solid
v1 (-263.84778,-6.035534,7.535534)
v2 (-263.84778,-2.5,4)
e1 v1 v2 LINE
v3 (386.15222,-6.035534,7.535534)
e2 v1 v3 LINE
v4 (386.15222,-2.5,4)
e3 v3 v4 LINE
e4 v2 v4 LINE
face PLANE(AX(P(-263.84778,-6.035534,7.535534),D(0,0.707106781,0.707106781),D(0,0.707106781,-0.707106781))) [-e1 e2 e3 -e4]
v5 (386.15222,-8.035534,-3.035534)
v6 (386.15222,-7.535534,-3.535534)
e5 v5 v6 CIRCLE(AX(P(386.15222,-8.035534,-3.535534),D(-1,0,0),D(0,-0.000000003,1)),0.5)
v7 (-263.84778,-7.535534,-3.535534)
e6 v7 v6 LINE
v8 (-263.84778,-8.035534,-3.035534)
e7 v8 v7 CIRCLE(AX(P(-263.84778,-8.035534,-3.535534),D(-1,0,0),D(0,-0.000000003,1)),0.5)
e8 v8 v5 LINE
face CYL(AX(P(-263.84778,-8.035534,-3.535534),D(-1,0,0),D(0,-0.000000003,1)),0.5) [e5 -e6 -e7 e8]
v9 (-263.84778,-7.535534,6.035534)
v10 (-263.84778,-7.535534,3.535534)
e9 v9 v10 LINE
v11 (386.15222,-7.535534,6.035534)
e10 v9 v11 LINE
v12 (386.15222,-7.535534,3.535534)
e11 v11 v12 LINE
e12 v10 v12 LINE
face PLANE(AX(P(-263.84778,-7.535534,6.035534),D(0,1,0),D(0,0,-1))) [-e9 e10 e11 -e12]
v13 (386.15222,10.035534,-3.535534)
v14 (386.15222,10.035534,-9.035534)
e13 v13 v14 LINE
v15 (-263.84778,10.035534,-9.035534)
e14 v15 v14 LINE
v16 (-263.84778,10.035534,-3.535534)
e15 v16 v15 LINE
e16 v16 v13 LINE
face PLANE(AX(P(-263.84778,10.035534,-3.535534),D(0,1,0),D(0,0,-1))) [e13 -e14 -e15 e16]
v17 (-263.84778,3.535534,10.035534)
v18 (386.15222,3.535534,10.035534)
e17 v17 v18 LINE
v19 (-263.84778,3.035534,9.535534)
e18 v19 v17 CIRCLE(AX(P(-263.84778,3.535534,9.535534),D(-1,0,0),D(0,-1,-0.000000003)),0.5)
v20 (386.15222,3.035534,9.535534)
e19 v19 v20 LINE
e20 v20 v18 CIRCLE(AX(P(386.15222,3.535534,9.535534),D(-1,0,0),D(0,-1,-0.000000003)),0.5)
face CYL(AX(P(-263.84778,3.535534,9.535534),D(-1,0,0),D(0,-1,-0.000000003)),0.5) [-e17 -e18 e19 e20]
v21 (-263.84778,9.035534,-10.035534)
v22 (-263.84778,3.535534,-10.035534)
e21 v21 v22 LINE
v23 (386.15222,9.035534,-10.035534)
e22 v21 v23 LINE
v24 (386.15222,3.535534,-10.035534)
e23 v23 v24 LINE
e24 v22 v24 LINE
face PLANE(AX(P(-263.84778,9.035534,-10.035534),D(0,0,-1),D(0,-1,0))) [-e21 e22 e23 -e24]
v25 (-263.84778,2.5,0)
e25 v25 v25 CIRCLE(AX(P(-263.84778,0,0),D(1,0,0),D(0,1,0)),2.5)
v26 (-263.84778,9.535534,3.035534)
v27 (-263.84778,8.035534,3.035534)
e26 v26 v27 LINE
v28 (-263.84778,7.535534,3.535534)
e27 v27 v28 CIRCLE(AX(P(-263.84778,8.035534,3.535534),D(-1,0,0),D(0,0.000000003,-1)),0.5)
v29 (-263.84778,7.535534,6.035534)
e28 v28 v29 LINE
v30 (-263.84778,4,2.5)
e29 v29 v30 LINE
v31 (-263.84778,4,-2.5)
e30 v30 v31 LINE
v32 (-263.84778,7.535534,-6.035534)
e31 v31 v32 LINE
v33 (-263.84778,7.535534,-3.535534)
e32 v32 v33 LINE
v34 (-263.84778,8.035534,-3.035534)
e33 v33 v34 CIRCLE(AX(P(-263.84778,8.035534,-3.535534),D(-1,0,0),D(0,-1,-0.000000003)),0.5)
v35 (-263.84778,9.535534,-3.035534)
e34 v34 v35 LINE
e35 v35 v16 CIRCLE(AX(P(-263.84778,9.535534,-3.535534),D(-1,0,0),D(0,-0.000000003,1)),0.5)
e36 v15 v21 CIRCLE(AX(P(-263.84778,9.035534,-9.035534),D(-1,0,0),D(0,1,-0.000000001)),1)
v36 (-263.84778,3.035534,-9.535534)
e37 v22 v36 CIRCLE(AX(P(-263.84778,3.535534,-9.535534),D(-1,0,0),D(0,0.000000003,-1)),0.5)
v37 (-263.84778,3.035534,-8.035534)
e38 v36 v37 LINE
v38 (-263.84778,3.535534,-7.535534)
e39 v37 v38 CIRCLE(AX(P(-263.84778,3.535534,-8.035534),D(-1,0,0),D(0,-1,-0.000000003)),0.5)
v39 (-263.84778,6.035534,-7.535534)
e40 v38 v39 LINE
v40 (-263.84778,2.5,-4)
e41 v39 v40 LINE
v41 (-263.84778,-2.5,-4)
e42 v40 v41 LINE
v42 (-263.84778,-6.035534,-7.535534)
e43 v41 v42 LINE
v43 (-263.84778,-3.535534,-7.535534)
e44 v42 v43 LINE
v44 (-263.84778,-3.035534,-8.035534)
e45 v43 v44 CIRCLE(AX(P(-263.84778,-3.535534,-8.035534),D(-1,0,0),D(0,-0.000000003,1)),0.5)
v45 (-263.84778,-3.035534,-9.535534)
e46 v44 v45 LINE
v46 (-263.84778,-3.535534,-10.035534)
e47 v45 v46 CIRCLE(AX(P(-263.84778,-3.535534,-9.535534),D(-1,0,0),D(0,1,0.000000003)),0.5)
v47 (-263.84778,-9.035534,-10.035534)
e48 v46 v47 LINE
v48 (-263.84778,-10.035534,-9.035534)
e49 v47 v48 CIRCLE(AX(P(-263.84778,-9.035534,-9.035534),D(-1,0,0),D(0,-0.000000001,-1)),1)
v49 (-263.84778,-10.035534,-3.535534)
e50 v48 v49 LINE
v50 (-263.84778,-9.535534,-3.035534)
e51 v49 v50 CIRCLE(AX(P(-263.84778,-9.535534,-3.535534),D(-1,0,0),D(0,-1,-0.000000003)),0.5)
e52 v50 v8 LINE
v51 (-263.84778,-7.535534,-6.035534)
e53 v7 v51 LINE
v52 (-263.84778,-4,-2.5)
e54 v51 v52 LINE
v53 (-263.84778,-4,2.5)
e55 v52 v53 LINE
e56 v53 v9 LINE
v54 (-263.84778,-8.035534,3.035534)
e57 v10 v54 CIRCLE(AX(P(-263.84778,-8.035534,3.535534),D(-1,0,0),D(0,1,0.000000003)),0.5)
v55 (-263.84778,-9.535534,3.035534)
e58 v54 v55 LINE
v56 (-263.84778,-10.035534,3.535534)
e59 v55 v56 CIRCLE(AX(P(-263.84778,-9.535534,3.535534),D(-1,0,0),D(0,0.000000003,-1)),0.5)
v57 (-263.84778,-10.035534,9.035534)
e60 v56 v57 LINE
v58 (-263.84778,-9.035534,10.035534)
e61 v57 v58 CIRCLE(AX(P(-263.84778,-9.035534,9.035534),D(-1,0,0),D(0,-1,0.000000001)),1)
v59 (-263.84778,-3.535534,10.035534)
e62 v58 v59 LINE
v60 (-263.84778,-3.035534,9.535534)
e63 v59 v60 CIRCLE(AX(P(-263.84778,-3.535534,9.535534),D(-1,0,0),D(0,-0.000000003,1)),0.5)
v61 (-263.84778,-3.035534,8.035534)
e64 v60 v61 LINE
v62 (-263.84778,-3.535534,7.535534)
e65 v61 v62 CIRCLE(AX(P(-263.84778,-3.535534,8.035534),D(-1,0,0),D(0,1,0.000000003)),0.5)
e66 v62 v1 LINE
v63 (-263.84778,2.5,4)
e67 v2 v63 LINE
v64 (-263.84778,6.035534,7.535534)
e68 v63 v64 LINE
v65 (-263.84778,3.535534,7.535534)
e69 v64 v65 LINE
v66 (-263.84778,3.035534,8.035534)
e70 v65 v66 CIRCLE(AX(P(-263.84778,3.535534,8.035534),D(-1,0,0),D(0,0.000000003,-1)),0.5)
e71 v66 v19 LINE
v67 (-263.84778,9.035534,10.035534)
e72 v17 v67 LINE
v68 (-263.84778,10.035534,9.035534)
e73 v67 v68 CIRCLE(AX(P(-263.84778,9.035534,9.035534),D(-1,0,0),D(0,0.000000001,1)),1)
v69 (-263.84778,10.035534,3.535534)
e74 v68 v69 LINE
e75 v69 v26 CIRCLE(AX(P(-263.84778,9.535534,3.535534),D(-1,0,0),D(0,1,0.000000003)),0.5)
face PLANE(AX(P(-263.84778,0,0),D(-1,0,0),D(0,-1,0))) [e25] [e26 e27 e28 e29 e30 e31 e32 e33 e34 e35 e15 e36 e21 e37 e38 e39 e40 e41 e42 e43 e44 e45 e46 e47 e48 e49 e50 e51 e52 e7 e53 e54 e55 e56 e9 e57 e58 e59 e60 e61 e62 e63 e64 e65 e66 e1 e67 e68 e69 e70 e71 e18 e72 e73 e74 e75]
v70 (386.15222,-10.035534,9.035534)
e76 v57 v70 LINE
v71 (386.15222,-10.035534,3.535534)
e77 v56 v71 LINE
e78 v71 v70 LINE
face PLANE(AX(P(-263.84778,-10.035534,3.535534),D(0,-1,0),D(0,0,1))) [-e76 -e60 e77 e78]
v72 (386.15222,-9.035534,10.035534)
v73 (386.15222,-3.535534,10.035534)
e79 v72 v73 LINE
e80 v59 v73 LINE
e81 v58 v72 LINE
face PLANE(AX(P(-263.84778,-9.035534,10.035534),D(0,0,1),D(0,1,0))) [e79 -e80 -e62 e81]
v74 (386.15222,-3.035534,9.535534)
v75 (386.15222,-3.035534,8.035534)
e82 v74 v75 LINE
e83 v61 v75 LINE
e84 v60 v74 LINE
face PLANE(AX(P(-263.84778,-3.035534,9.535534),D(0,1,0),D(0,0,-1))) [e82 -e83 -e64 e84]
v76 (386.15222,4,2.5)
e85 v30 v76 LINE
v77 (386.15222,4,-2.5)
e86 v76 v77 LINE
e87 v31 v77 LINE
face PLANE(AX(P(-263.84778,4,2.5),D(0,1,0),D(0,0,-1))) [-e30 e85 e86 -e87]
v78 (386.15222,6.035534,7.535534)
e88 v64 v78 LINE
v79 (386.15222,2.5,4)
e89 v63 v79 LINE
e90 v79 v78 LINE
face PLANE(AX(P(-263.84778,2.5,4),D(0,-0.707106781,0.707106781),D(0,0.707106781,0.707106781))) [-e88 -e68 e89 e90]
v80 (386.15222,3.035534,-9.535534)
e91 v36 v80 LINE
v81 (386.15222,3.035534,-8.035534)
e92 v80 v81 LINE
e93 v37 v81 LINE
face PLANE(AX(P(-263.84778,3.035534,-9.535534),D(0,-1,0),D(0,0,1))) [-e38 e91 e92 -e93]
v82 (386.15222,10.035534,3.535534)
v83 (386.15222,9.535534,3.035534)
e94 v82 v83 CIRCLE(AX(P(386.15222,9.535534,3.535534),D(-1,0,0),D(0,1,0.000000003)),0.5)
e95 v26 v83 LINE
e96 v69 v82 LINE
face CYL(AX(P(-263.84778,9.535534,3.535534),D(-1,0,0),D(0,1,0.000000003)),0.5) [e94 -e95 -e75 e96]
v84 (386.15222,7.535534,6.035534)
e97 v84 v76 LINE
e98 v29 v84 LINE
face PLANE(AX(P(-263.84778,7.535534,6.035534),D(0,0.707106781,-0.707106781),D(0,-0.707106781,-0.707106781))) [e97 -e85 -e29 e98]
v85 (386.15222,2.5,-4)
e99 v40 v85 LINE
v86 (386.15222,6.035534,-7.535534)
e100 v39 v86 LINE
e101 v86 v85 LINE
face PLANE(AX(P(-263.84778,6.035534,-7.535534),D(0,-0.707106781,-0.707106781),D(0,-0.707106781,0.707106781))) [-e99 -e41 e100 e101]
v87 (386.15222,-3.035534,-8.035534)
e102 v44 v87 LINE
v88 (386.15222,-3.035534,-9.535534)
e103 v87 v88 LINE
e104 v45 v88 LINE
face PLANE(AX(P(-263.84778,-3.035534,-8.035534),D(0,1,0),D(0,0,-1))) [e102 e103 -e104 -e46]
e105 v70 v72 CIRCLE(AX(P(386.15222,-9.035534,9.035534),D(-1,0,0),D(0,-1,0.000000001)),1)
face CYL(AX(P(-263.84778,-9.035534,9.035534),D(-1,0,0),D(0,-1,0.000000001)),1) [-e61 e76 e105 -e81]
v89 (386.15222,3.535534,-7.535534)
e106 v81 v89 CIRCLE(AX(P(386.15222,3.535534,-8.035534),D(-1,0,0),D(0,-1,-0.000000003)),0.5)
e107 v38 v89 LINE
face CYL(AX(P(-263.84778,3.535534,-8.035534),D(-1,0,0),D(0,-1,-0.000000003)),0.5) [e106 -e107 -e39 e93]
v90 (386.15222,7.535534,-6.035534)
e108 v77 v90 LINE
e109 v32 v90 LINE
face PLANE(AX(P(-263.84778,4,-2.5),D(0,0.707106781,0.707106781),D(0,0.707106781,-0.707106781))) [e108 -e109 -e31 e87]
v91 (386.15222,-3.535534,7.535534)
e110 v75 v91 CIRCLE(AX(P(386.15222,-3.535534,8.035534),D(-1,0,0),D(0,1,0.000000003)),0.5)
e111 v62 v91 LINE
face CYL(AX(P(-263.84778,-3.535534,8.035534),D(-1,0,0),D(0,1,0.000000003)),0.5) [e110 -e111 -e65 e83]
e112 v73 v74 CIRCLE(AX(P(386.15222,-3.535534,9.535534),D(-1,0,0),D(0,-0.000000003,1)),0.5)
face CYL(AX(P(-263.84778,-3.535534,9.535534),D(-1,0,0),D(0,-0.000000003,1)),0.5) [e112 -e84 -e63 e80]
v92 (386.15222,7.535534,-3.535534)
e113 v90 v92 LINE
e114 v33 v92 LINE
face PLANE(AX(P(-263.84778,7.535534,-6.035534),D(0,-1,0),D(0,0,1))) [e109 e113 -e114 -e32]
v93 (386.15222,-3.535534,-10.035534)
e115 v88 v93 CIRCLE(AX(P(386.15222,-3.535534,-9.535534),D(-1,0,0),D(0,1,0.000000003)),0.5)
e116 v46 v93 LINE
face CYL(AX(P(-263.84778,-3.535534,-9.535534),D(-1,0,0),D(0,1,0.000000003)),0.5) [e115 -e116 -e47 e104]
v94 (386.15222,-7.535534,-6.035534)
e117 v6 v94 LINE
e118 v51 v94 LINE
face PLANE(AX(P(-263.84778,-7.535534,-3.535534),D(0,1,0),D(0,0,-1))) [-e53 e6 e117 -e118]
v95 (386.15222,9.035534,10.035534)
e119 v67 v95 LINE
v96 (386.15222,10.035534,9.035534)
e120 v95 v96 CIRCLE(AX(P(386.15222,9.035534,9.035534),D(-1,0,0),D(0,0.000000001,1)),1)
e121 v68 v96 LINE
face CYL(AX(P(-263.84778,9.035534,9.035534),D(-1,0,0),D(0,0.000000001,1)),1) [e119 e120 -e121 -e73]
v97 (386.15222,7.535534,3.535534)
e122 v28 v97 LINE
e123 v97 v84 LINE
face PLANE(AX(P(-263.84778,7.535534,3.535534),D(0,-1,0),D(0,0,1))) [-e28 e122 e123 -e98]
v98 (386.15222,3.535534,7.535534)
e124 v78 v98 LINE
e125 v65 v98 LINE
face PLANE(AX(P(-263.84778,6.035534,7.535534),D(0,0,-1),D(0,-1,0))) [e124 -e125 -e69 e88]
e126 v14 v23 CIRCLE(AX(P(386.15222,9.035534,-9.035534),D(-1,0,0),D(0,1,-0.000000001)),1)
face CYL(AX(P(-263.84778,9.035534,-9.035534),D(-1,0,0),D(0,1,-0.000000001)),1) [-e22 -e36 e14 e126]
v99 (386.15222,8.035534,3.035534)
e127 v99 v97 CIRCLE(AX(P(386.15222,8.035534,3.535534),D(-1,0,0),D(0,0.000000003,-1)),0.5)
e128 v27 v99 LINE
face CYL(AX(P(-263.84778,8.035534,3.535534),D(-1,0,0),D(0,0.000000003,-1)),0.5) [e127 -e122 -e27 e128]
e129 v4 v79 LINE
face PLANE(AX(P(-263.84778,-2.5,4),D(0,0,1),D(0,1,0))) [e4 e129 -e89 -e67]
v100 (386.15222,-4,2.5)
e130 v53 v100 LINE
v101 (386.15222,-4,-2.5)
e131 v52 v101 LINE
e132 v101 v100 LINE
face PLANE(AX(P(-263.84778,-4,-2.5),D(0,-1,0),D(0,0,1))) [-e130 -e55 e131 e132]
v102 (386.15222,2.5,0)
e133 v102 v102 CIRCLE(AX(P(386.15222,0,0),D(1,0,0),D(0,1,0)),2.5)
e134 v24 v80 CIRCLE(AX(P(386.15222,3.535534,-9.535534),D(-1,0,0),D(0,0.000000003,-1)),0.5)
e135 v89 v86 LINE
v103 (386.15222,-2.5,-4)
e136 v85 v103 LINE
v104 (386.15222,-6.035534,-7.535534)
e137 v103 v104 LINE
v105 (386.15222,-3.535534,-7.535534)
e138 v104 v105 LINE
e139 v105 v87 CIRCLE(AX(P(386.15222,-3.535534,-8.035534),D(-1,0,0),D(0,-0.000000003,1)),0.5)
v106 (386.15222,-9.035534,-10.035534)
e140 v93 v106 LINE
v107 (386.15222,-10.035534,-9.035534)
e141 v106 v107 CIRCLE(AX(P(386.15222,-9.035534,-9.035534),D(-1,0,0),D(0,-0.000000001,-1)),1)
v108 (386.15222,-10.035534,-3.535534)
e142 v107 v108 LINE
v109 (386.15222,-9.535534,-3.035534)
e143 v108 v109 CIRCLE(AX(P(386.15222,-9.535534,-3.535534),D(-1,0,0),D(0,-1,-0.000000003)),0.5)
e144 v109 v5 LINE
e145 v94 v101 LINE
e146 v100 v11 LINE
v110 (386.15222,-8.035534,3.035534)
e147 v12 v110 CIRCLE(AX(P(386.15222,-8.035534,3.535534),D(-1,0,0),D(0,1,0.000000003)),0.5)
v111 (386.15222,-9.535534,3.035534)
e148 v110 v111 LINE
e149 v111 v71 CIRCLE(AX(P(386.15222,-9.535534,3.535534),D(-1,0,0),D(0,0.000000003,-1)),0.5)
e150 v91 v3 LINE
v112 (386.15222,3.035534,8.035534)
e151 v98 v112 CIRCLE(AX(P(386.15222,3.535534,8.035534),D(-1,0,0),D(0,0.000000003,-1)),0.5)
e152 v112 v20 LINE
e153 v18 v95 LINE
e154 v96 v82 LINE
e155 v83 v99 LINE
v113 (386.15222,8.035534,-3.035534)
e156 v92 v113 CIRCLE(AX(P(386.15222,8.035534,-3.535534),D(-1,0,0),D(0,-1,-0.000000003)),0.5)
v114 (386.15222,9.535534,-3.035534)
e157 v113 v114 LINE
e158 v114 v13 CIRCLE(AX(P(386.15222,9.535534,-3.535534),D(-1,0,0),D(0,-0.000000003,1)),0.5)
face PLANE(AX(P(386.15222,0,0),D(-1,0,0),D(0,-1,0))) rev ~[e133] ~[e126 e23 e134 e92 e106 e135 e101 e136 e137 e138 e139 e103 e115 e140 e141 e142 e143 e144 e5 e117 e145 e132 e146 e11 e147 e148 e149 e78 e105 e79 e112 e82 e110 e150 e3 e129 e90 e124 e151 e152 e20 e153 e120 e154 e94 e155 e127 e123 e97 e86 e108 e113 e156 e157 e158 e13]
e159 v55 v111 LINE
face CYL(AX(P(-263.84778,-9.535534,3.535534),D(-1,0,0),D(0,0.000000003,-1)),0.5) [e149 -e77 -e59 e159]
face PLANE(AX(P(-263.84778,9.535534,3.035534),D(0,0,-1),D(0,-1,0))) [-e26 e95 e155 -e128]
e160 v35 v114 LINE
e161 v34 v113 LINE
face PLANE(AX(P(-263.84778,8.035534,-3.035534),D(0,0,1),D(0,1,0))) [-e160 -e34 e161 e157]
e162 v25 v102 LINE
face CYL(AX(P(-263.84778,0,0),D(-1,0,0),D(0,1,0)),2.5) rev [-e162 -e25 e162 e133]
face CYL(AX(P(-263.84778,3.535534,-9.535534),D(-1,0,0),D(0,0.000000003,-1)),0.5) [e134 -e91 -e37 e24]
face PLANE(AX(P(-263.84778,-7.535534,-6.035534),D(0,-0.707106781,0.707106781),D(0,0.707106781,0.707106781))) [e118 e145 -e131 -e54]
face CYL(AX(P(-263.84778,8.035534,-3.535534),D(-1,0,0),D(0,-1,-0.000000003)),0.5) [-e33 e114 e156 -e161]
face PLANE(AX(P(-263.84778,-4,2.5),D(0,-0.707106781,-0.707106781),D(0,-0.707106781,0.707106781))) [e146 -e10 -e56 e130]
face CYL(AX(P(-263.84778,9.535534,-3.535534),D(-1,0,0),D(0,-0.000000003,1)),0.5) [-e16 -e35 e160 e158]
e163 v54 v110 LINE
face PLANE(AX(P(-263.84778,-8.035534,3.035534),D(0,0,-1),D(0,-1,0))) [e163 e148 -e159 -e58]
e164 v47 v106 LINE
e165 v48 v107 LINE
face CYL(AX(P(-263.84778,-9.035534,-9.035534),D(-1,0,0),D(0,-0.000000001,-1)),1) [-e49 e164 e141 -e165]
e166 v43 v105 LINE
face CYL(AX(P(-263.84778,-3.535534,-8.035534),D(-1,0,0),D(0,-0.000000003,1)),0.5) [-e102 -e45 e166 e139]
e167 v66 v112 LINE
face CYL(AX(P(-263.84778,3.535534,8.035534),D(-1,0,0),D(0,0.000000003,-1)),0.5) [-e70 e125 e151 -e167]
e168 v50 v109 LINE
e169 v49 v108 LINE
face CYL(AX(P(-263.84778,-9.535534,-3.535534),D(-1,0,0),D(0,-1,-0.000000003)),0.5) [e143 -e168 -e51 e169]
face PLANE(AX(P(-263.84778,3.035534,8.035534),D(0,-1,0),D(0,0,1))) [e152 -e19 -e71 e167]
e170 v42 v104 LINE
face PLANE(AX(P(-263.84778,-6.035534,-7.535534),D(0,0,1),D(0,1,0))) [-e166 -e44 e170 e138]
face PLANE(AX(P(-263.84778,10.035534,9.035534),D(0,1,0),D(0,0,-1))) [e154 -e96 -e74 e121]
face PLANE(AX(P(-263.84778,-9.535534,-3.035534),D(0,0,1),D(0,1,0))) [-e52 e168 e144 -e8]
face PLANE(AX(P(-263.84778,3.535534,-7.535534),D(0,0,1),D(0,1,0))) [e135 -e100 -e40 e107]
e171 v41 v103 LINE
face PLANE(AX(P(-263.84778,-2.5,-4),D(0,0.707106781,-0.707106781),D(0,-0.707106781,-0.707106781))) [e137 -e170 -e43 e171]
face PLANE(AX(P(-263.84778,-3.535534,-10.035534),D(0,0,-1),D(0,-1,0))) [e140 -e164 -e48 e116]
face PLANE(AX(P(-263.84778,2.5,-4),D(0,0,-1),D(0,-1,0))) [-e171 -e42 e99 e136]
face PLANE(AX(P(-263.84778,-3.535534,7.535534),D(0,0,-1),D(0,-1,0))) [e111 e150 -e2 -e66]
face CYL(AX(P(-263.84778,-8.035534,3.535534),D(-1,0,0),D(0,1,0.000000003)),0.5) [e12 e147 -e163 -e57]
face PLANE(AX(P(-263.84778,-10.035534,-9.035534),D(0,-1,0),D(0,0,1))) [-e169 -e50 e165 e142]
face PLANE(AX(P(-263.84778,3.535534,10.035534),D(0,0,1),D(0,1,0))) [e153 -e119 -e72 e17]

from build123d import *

# Parameters (mm, degrees)
SKETCH11_R                            = 2.5
ALUMINIUM_PROF_ALUMINIUM_PROF_1_DEPTH = 650


with BuildPart() as part:
    # Sketch11 → Aluminium prof ALUMINIUM PROF(1) (new body)
    with BuildSketch(Plane.YZ.offset(-263.847780127)):
        with BuildLine():
            Line((-2.5, 4), (2.5, 4))
            Line((2.5, 4), (6.035533906, 7.535533906))
            Line((6.035533906, 7.535533906), (3.535533906, 7.535533906))
            ThreePointArc((3.535533906, 7.535533906), (3.181980515, 7.681980515), (3.035533906, 8.035533906))
            Line((3.035533906, 8.035533906), (3.035533906, 9.535533906))
            ThreePointArc((3.035533906, 9.535533906), (3.181980515, 9.889087297), (3.535533906, 10.035533906))
            Line((3.535533906, 10.035533906), (9.035533906, 10.035533906))
            ThreePointArc((9.035533906, 10.035533906), (9.742640687, 9.742640687), (10.035533906, 9.035533906))
            Line((10.035533906, 9.035533906), (10.035533906, 3.535533906))
            ThreePointArc((10.035533906, 3.535533906), (9.889087297, 3.181980515), (9.535533906, 3.035533906))
            Line((9.535533906, 3.035533906), (8.035533906, 3.035533906))
            ThreePointArc((8.035533906, 3.035533906), (7.681980515, 3.181980515), (7.535533906, 3.535533906))
            Line((7.535533906, 3.535533906), (7.535533906, 6.035533906))
            Line((7.535533906, 6.035533906), (4, 2.5))
            Line((4, 2.5), (4, -2.5))
            Line((4, -2.5), (7.535533906, -6.035533906))
            Line((7.535533906, -6.035533906), (7.535533906, -3.535533906))
            ThreePointArc((7.535533906, -3.535533906), (7.681980515, -3.181980515), (8.035533906, -3.035533906))
            Line((8.035533906, -3.035533906), (9.535533906, -3.035533906))
            ThreePointArc((9.535533906, -3.035533906), (9.889087297, -3.181980515), (10.035533906, -3.535533906))
            Line((10.035533906, -3.535533906), (10.035533906, -9.035533906))
            ThreePointArc((10.035533906, -9.035533906), (9.742640687, -9.742640687), (9.035533906, -10.035533906))
            Line((9.035533906, -10.035533906), (3.535533906, -10.035533906))
            ThreePointArc((3.535533906, -10.035533906), (3.181980515, -9.889087297), (3.035533906, -9.535533906))
            Line((3.035533906, -9.535533906), (3.035533906, -8.035533906))
            ThreePointArc((3.035533906, -8.035533906), (3.181980515, -7.681980515), (3.535533906, -7.535533906))
            Line((3.535533906, -7.535533906), (6.035533906, -7.535533906))
            Line((6.035533906, -7.535533906), (2.5, -4))
            Line((2.5, -4), (-2.5, -4))
            Line((-2.5, -4), (-6.035533906, -7.535533906))
            Line((-6.035533906, -7.535533906), (-3.535533906, -7.535533906))
            ThreePointArc((-3.535533906, -7.535533906), (-3.181980515, -7.681980515), (-3.035533906, -8.035533906))
            Line((-3.035533906, -8.035533906), (-3.035533906, -9.535533906))
            ThreePointArc((-3.035533906, -9.535533906), (-3.181980515, -9.889087297), (-3.535533906, -10.035533906))
            Line((-3.535533906, -10.035533906), (-9.035533906, -10.035533906))
            ThreePointArc((-9.035533906, -10.035533906), (-9.742640687, -9.742640687), (-10.035533906, -9.035533906))
            Line((-10.035533906, -9.035533906), (-10.035533906, -3.535533906))
            ThreePointArc((-10.035533906, -3.535533906), (-9.889087297, -3.181980515), (-9.535533906, -3.035533906))
            Line((-9.535533906, -3.035533906), (-8.035533906, -3.035533906))
            ThreePointArc((-8.035533906, -3.035533906), (-7.681980515, -3.181980515), (-7.535533906, -3.535533906))
            Line((-7.535533906, -3.535533906), (-7.535533906, -6.035533906))
            Line((-7.535533906, -6.035533906), (-4, -2.5))
            Line((-4, -2.5), (-4, 2.5))
            Line((-4, 2.5), (-7.535533906, 6.035533906))
            Line((-7.535533906, 6.035533906), (-7.535533906, 3.535533906))
            ThreePointArc((-7.535533906, 3.535533906), (-7.681980515, 3.181980515), (-8.035533906, 3.035533906))
            Line((-8.035533906, 3.035533906), (-9.535533906, 3.035533906))
            ThreePointArc((-9.535533906, 3.035533906), (-9.889087297, 3.181980515), (-10.035533906, 3.535533906))
            Line((-10.035533906, 3.535533906), (-10.035533906, 9.035533906))
            ThreePointArc((-10.035533906, 9.035533906), (-9.742640687, 9.742640687), (-9.035533906, 10.035533906))
            Line((-9.035533906, 10.035533906), (-3.535533906, 10.035533906))
            ThreePointArc((-3.535533906, 10.035533906), (-3.181980515, 9.889087297), (-3.035533906, 9.535533906))
            Line((-3.035533906, 9.535533906), (-3.035533906, 8.035533906))
            ThreePointArc((-3.035533906, 8.035533906), (-3.181980515, 7.681980515), (-3.535533906, 7.535533906))
            Line((-3.535533906, 7.535533906), (-6.035533906, 7.535533906))
            Line((-6.035533906, 7.535533906), (-2.5, 4))
        make_face()
        Circle(SKETCH11_R, mode=Mode.SUBTRACT)
    extrude(amount=ALUMINIUM_PROF_ALUMINIUM_PROF_1_DEPTH)


solid = part.part
